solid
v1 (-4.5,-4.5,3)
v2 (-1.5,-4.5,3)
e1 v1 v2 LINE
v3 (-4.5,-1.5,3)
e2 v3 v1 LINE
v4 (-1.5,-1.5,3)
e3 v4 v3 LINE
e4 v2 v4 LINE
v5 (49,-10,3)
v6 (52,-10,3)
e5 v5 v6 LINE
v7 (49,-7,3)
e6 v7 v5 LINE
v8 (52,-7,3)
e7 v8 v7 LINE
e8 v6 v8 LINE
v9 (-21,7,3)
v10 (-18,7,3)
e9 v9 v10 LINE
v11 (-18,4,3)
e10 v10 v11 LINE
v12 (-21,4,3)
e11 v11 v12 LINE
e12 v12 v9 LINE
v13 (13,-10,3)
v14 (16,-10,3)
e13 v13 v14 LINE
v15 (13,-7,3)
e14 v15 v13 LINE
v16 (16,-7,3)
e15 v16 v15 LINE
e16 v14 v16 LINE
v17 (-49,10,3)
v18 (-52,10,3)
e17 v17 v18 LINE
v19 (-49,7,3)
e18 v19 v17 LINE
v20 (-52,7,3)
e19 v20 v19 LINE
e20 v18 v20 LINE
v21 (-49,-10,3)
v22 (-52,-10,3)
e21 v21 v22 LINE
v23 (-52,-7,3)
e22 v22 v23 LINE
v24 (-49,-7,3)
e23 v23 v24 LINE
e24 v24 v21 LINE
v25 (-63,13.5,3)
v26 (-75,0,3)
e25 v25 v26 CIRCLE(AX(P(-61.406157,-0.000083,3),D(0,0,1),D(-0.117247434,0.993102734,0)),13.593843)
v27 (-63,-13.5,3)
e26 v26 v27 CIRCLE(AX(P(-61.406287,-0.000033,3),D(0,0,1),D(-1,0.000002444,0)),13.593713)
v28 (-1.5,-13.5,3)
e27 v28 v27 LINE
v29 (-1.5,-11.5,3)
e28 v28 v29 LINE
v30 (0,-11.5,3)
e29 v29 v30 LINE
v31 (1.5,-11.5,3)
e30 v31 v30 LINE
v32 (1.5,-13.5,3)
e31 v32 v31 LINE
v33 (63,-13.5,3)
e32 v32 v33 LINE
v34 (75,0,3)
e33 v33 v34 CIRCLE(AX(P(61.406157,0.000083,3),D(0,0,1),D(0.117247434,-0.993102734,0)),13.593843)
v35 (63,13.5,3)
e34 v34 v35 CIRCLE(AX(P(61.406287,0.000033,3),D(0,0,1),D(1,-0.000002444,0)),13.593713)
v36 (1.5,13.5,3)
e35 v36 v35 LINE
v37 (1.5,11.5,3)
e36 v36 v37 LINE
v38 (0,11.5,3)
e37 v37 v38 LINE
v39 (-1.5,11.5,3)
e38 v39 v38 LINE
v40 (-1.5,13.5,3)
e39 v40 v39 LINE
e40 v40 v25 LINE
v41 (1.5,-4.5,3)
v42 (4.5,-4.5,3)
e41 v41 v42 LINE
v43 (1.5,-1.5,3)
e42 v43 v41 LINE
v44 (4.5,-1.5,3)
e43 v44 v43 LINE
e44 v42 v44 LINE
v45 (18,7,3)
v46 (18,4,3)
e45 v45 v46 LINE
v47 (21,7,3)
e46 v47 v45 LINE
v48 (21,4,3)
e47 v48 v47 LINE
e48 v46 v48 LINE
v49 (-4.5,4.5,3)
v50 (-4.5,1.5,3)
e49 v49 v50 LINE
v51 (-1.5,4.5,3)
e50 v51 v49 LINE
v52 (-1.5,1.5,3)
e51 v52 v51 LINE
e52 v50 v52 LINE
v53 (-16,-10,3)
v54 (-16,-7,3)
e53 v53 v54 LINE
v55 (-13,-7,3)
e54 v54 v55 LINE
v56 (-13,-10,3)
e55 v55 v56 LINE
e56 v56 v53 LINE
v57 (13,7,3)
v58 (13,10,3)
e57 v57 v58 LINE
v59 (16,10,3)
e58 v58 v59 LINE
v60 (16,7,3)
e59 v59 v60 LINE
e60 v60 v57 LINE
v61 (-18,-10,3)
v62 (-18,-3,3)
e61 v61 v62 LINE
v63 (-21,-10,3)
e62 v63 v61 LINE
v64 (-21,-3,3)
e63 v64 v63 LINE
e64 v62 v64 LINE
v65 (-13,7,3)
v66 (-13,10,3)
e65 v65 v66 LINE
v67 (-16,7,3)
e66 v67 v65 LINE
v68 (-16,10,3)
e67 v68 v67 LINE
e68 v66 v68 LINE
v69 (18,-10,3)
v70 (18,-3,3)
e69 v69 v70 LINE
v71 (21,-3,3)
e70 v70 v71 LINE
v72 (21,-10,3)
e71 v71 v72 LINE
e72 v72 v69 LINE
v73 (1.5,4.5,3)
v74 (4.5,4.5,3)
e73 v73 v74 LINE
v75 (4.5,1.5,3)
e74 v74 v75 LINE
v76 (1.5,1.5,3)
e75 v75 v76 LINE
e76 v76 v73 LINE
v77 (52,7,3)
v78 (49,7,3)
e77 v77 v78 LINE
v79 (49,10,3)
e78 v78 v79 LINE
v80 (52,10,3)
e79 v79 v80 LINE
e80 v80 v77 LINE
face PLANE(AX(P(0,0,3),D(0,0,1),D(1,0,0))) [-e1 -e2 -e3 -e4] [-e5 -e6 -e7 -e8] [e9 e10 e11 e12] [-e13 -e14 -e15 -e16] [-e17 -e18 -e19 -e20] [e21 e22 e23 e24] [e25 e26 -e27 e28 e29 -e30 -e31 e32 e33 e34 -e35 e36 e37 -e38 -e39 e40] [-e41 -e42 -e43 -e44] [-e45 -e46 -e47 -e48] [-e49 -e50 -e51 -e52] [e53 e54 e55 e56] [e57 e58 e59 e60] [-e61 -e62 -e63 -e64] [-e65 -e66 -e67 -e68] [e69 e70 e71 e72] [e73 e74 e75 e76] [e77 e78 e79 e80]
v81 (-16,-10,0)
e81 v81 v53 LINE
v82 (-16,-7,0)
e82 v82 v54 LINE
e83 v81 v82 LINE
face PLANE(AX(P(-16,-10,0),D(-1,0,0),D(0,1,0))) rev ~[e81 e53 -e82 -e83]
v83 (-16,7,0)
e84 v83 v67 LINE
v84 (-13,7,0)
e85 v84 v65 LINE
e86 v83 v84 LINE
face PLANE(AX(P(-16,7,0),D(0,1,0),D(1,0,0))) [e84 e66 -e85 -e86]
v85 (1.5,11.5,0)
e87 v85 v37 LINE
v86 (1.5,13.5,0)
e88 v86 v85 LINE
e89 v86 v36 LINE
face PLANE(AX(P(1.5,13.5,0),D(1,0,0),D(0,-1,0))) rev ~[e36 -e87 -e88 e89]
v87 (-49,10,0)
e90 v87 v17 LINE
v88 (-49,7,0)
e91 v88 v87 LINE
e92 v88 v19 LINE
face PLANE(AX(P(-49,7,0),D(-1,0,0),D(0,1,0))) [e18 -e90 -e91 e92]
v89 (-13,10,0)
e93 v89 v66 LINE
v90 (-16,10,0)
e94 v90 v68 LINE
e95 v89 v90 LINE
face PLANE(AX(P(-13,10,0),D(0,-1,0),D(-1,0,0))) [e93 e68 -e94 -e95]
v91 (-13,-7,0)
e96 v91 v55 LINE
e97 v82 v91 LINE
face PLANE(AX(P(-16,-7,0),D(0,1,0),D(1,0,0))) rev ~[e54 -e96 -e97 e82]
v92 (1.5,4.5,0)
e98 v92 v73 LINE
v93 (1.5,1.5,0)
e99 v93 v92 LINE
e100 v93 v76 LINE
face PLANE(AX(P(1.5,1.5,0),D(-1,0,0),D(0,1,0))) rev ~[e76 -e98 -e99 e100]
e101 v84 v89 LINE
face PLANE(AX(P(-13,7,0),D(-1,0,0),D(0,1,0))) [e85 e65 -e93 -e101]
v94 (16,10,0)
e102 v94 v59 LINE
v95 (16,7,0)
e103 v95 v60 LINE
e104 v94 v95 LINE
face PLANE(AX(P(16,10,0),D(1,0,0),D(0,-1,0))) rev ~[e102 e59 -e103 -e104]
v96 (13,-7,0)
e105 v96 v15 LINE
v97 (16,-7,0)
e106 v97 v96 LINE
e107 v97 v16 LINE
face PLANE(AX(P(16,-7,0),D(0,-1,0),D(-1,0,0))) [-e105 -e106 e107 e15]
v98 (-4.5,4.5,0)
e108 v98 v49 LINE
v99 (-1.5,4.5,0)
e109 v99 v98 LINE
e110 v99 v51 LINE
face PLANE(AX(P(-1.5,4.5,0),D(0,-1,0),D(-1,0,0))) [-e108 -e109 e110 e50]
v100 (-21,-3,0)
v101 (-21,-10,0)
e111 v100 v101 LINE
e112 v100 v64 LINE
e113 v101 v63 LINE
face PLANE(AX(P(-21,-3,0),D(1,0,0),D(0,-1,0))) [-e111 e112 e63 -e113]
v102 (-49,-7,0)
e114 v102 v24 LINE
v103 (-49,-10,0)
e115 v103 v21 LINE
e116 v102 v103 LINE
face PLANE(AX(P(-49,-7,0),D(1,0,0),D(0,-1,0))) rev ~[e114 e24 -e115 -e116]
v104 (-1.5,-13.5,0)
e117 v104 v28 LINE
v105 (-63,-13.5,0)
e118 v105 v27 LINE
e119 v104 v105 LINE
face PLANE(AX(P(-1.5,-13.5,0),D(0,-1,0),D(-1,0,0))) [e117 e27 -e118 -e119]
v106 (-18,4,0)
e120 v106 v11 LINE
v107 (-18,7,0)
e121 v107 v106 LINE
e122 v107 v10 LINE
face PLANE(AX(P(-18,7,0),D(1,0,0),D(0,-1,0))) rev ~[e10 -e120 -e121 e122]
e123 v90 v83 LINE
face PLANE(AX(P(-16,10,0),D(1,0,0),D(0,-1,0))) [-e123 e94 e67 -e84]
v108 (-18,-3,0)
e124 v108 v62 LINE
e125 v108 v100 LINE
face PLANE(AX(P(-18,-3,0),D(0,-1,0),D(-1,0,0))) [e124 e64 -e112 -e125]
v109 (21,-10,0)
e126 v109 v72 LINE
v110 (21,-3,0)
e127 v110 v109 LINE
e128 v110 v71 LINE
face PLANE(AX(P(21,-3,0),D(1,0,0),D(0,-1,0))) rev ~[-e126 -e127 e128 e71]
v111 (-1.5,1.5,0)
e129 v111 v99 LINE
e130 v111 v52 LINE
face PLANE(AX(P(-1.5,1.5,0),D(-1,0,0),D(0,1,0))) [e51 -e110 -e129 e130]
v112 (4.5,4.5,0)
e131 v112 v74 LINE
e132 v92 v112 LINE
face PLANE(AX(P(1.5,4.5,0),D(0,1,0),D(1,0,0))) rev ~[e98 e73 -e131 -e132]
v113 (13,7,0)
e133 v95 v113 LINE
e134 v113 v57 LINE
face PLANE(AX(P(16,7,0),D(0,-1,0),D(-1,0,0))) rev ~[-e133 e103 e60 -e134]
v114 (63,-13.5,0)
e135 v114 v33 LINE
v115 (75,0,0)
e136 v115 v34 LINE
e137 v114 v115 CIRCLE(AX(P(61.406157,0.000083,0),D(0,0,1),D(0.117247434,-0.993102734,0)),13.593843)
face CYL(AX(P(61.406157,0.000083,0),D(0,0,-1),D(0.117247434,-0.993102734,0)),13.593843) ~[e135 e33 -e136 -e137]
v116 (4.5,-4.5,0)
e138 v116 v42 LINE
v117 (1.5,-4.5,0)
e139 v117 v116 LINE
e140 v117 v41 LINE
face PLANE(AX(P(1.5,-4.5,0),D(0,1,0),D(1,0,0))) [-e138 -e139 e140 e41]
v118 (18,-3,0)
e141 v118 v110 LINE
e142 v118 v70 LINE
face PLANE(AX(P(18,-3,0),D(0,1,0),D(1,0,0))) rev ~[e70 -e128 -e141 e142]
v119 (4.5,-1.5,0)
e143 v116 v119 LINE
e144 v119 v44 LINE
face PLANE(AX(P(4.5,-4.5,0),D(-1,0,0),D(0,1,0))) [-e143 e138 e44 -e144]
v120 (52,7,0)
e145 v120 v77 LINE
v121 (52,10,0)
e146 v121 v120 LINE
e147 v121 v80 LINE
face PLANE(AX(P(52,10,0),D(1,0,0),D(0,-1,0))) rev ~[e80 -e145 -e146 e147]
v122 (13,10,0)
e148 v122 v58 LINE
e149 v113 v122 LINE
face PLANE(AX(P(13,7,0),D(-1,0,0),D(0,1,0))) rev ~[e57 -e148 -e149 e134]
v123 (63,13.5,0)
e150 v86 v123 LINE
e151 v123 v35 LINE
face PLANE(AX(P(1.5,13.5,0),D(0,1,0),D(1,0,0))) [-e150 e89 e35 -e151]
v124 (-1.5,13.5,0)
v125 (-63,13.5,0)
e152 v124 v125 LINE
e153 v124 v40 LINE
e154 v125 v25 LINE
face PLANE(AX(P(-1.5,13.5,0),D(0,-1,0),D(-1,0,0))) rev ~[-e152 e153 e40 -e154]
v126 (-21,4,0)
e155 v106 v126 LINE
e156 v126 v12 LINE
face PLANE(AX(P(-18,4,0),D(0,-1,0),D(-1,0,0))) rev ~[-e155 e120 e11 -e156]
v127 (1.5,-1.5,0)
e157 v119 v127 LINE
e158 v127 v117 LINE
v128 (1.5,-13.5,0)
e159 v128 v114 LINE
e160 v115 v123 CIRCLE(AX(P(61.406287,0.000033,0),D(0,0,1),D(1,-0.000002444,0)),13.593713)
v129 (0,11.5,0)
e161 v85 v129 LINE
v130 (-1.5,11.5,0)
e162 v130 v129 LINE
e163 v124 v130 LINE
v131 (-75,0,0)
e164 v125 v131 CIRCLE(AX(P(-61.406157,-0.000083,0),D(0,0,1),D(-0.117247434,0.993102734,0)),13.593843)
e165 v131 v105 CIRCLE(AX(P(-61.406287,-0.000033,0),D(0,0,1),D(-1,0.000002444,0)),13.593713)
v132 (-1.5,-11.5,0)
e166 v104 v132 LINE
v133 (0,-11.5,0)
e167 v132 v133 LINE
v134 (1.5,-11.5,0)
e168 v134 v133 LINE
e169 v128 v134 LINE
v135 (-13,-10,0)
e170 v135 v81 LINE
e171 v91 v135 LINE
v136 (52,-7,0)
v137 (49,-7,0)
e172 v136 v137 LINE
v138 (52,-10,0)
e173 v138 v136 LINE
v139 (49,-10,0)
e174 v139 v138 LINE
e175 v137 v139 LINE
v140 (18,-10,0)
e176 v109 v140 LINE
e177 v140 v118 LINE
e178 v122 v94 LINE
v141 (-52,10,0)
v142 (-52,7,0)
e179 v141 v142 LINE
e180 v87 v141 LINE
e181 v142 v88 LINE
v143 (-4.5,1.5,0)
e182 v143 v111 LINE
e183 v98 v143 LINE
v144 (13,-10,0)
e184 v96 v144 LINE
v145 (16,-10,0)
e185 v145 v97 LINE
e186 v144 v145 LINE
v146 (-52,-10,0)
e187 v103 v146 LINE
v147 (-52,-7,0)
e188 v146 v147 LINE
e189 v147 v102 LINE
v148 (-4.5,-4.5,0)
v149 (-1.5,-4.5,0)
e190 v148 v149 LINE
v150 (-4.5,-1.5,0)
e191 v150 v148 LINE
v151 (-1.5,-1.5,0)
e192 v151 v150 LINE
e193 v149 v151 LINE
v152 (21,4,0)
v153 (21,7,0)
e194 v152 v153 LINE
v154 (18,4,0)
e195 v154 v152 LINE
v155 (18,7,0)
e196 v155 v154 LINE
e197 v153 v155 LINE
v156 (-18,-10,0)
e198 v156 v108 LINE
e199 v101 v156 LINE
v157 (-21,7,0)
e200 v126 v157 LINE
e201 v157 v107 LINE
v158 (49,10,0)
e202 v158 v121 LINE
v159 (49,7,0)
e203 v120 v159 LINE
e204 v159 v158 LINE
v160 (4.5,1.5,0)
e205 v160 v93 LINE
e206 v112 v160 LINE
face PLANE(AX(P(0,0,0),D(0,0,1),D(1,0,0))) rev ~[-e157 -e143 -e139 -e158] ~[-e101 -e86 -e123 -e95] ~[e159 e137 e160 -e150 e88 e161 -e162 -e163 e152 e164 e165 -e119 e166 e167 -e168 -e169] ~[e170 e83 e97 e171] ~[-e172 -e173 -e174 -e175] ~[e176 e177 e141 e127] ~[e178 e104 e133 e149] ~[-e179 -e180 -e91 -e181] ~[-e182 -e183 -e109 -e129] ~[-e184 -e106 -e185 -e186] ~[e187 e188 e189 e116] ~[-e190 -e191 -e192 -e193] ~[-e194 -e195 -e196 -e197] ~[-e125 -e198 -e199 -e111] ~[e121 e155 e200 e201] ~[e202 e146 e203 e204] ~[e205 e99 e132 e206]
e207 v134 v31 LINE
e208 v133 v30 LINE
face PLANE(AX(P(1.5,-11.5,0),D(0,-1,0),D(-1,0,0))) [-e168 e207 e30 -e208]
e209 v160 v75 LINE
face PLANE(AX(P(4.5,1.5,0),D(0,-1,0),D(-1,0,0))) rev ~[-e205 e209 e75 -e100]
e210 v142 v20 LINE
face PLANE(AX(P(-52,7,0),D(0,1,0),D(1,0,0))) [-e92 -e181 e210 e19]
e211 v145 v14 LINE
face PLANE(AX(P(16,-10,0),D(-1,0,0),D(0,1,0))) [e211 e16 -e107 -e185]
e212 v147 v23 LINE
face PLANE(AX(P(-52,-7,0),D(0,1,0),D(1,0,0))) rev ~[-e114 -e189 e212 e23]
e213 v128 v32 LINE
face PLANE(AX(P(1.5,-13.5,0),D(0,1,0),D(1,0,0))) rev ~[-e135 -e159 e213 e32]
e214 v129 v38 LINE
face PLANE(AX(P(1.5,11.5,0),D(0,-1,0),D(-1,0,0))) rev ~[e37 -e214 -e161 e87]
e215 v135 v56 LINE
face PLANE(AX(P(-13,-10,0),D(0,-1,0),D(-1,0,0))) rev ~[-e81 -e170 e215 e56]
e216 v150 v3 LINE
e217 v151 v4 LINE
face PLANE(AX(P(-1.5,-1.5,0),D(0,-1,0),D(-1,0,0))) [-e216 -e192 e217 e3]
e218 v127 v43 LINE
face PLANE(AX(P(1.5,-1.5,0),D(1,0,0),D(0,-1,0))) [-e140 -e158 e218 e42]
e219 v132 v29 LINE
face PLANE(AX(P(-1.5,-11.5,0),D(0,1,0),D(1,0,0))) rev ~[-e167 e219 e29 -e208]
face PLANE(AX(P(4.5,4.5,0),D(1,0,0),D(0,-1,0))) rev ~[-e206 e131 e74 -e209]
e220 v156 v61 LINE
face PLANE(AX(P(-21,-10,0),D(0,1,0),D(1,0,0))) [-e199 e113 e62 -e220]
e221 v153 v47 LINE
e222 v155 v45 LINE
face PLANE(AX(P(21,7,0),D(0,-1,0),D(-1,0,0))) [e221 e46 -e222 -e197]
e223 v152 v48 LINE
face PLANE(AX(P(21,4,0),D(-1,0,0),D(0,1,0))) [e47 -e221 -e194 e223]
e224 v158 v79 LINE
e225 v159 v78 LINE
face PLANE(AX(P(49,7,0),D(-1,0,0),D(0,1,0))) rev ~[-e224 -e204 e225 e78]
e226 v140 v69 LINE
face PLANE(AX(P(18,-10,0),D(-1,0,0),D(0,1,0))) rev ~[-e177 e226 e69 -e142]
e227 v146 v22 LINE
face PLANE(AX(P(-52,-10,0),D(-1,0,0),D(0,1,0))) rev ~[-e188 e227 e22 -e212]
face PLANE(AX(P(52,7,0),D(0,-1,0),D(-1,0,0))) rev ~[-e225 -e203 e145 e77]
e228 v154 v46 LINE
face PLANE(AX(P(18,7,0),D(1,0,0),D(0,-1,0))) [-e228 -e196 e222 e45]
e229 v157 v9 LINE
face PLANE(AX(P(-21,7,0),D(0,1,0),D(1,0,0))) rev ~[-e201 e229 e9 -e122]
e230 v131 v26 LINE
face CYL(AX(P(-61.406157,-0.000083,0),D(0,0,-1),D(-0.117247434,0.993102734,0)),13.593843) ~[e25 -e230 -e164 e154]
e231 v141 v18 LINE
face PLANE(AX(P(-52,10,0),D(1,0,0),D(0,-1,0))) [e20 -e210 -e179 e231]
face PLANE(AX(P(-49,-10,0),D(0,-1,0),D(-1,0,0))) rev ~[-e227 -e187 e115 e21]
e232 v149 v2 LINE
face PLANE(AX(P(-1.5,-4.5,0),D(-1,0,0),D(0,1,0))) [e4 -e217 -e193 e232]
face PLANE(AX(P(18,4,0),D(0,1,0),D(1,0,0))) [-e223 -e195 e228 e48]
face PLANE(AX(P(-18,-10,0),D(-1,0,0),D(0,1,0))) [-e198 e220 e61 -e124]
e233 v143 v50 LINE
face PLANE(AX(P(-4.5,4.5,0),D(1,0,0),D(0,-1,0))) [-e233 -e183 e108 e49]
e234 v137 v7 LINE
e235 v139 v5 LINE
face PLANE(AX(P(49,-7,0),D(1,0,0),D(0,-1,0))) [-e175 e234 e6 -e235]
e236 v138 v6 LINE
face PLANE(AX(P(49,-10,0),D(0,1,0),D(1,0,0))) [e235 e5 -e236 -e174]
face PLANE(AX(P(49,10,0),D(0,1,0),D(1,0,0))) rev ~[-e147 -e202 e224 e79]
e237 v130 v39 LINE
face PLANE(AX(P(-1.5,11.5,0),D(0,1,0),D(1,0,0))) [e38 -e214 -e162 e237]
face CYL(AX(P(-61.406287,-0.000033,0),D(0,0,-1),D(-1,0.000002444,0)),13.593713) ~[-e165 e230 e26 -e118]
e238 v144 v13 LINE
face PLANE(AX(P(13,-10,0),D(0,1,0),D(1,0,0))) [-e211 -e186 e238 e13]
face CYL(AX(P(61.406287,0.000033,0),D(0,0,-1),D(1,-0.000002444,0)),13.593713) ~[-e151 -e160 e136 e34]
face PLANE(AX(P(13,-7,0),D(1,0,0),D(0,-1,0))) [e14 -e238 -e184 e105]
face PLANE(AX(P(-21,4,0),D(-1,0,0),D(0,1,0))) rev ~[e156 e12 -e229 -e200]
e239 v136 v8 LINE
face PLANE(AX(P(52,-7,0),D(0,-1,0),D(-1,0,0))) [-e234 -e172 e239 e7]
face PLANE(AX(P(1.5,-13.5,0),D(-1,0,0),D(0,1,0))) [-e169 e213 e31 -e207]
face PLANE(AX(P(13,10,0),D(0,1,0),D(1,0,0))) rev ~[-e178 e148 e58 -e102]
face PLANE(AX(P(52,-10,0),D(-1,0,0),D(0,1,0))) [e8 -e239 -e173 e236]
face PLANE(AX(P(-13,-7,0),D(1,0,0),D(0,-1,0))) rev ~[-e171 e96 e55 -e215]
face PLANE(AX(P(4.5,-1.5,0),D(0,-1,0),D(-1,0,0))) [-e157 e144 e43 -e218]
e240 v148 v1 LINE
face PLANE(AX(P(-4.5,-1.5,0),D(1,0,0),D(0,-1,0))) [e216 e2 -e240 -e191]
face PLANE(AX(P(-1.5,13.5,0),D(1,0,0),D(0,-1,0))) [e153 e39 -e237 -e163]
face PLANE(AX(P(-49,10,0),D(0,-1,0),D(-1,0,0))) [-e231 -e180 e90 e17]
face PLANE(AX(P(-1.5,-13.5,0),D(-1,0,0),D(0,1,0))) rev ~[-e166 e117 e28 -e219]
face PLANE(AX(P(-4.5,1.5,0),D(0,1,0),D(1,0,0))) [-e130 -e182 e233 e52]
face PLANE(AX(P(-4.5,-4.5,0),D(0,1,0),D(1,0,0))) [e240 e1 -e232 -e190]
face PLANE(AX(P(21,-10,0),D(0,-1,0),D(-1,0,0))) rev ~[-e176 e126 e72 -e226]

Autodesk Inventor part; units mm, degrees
ref_plane "YZ Plane" through (0, 0, 0) normal (1, 0, 0) x (0, 1, 0)
ref_plane "XZ Plane" through (0, 0, 0) normal (0, 1, 0) x (-1, 0, 0)
ref_plane "XY Plane" through (0, 0, 0) normal (0, 0, 1) x (1, 0, 0)
sketch "Esboço1" plane through (0, 0, 0) normal (0, 0, 1) x (1, 0, 0)
  arc A0 (-63, 13.5) -> (-75, 0) centre (-61.4062, 0) ccw
  line L0 (-1.5, 13.5) -> (-63, 13.5)
  line L1 (-1.5, 13.5) -> (-1.5, 11.5)
  line L2 (-1.5, 11.5) -> (0, 11.5)
  line L3 (-49, 10) -> (-52, 10)
  line L4 (-52, 10) -> (-52, 7)
  line L5 (-52, 7) -> (-49, 7)
  line L6 (-49, 7) -> (-49, 10)
  line L7 (-13, 10) -> (-16, 10)
  line L8 (-16, 10) -> (-16, 7)
  line L9 (-16, 7) -> (-13, 7)
  line L10 (-13, 7) -> (-13, 10)
  arc A1 (75, 0) -> (63, 13.5) centre (61.4062, 0) ccw
  line L11 (1.5, 13.5) -> (63, 13.5)
  line L12 (1.5, 13.5) -> (1.5, 11.5)
  line L13 (1.5, 11.5) -> (0, 11.5)
  line L14 (49, 10) -> (52, 10)
  line L15 (52, 10) -> (52, 7)
  line L16 (52, 7) -> (49, 7)
  line L17 (49, 7) -> (49, 10)
  line L18 (13, 10) -> (16, 10)
  line L19 (16, 10) -> (16, 7)
  line L20 (16, 7) -> (13, 7)
  line L21 (13, 7) -> (13, 10)
  arc A2 (-75, 0) -> (-63, -13.5) centre (-61.4062, 0) ccw
  line L22 (-1.5, -13.5) -> (-63, -13.5)
  line L23 (-1.5, -13.5) -> (-1.5, -11.5)
  line L24 (-1.5, -11.5) -> (0, -11.5)
  line L25 (-49, -10) -> (-52, -10)
  line L26 (-52, -10) -> (-52, -7)
  line L27 (-52, -7) -> (-49, -7)
  line L28 (-49, -7) -> (-49, -10)
  line L29 (-13, -10) -> (-16, -10)
  line L30 (-16, -10) -> (-16, -7)
  line L31 (-16, -7) -> (-13, -7)
  line L32 (-13, -7) -> (-13, -10)
  arc A3 (63, -13.5) -> (75, 0) centre (61.4062, 0) ccw
  line L33 (1.5, -13.5) -> (63, -13.5)
  line L34 (1.5, -13.5) -> (1.5, -11.5)
  line L35 (1.5, -11.5) -> (0, -11.5)
  line L36 (49, -10) -> (52, -10)
  line L37 (52, -10) -> (52, -7)
  line L38 (52, -7) -> (49, -7)
  line L39 (49, -7) -> (49, -10)
  line L40 (13, -10) -> (16, -10)
  line L41 (16, -10) -> (16, -7)
  line L42 (16, -7) -> (13, -7)
  line L43 (13, -7) -> (13, -10)
  line L44 (-1.5, 4.5) -> (-4.5, 4.5)
  line L45 (-4.5, 4.5) -> (-4.5, 1.5)
  line L46 (-4.5, 1.5) -> (-1.5, 1.5)
  line L47 (-1.5, 1.5) -> (-1.5, 4.5)
  line L48 (1.5, 4.5) -> (4.5, 4.5)
  line L49 (4.5, 4.5) -> (4.5, 1.5)
  line L50 (4.5, 1.5) -> (1.5, 1.5)
  line L51 (1.5, 1.5) -> (1.5, 4.5)
  line L52 (4.5, -1.5) -> (1.5, -1.5)
  line L53 (1.5, -1.5) -> (1.5, -4.5)
  line L54 (1.5, -4.5) -> (4.5, -4.5)
  line L55 (4.5, -4.5) -> (4.5, -1.5)
  line L56 (-1.5, -1.5) -> (-4.5, -1.5)
  line L57 (-4.5, -1.5) -> (-4.5, -4.5)
  line L58 (-4.5, -4.5) -> (-1.5, -4.5)
  line L59 (-1.5, -4.5) -> (-1.5, -1.5)
  line L60 (21, 7) -> (18, 7)
  line L61 (18, 7) -> (18, 4)
  line L62 (18, 4) -> (21, 4)
  line L63 (21, 4) -> (21, 7)
  line L64 (-21, 7) -> (-18, 7)
  line L65 (-18, 7) -> (-18, 4)
  line L66 (-18, 4) -> (-21, 4)
  line L67 (-21, 4) -> (-21, 7)
  line L68 (21, -10) -> (18, -10)
  line L69 (18, -10) -> (18, -3)
  line L70 (18, -3) -> (21, -3)
  line L71 (21, -3) -> (21, -10)
  line L72 (-21, -10) -> (-18, -10)
  line L73 (-18, -10) -> (-18, -3)
  line L74 (-18, -3) -> (-21, -3)
  line L75 (-21, -3) -> (-21, -10)
  point P0 (-3, -4.5)
  point P1 (-3, 1.5)
  point P2 (-3, -1.5)
  point P3 (19.5, 7)
  point P4 (19.5, -10)
  dimension "d32" = 9
  dimension "d33" = 3
  dimension "d34" = 6.5
  dimension "d35" = 27
  dimension "d36" = 3.5
  dimension "d37" = 7
extrude "Extrusão1" add sketch "Esboço1" along normal blind 3
properties part number "ASA_INFERIOR"
